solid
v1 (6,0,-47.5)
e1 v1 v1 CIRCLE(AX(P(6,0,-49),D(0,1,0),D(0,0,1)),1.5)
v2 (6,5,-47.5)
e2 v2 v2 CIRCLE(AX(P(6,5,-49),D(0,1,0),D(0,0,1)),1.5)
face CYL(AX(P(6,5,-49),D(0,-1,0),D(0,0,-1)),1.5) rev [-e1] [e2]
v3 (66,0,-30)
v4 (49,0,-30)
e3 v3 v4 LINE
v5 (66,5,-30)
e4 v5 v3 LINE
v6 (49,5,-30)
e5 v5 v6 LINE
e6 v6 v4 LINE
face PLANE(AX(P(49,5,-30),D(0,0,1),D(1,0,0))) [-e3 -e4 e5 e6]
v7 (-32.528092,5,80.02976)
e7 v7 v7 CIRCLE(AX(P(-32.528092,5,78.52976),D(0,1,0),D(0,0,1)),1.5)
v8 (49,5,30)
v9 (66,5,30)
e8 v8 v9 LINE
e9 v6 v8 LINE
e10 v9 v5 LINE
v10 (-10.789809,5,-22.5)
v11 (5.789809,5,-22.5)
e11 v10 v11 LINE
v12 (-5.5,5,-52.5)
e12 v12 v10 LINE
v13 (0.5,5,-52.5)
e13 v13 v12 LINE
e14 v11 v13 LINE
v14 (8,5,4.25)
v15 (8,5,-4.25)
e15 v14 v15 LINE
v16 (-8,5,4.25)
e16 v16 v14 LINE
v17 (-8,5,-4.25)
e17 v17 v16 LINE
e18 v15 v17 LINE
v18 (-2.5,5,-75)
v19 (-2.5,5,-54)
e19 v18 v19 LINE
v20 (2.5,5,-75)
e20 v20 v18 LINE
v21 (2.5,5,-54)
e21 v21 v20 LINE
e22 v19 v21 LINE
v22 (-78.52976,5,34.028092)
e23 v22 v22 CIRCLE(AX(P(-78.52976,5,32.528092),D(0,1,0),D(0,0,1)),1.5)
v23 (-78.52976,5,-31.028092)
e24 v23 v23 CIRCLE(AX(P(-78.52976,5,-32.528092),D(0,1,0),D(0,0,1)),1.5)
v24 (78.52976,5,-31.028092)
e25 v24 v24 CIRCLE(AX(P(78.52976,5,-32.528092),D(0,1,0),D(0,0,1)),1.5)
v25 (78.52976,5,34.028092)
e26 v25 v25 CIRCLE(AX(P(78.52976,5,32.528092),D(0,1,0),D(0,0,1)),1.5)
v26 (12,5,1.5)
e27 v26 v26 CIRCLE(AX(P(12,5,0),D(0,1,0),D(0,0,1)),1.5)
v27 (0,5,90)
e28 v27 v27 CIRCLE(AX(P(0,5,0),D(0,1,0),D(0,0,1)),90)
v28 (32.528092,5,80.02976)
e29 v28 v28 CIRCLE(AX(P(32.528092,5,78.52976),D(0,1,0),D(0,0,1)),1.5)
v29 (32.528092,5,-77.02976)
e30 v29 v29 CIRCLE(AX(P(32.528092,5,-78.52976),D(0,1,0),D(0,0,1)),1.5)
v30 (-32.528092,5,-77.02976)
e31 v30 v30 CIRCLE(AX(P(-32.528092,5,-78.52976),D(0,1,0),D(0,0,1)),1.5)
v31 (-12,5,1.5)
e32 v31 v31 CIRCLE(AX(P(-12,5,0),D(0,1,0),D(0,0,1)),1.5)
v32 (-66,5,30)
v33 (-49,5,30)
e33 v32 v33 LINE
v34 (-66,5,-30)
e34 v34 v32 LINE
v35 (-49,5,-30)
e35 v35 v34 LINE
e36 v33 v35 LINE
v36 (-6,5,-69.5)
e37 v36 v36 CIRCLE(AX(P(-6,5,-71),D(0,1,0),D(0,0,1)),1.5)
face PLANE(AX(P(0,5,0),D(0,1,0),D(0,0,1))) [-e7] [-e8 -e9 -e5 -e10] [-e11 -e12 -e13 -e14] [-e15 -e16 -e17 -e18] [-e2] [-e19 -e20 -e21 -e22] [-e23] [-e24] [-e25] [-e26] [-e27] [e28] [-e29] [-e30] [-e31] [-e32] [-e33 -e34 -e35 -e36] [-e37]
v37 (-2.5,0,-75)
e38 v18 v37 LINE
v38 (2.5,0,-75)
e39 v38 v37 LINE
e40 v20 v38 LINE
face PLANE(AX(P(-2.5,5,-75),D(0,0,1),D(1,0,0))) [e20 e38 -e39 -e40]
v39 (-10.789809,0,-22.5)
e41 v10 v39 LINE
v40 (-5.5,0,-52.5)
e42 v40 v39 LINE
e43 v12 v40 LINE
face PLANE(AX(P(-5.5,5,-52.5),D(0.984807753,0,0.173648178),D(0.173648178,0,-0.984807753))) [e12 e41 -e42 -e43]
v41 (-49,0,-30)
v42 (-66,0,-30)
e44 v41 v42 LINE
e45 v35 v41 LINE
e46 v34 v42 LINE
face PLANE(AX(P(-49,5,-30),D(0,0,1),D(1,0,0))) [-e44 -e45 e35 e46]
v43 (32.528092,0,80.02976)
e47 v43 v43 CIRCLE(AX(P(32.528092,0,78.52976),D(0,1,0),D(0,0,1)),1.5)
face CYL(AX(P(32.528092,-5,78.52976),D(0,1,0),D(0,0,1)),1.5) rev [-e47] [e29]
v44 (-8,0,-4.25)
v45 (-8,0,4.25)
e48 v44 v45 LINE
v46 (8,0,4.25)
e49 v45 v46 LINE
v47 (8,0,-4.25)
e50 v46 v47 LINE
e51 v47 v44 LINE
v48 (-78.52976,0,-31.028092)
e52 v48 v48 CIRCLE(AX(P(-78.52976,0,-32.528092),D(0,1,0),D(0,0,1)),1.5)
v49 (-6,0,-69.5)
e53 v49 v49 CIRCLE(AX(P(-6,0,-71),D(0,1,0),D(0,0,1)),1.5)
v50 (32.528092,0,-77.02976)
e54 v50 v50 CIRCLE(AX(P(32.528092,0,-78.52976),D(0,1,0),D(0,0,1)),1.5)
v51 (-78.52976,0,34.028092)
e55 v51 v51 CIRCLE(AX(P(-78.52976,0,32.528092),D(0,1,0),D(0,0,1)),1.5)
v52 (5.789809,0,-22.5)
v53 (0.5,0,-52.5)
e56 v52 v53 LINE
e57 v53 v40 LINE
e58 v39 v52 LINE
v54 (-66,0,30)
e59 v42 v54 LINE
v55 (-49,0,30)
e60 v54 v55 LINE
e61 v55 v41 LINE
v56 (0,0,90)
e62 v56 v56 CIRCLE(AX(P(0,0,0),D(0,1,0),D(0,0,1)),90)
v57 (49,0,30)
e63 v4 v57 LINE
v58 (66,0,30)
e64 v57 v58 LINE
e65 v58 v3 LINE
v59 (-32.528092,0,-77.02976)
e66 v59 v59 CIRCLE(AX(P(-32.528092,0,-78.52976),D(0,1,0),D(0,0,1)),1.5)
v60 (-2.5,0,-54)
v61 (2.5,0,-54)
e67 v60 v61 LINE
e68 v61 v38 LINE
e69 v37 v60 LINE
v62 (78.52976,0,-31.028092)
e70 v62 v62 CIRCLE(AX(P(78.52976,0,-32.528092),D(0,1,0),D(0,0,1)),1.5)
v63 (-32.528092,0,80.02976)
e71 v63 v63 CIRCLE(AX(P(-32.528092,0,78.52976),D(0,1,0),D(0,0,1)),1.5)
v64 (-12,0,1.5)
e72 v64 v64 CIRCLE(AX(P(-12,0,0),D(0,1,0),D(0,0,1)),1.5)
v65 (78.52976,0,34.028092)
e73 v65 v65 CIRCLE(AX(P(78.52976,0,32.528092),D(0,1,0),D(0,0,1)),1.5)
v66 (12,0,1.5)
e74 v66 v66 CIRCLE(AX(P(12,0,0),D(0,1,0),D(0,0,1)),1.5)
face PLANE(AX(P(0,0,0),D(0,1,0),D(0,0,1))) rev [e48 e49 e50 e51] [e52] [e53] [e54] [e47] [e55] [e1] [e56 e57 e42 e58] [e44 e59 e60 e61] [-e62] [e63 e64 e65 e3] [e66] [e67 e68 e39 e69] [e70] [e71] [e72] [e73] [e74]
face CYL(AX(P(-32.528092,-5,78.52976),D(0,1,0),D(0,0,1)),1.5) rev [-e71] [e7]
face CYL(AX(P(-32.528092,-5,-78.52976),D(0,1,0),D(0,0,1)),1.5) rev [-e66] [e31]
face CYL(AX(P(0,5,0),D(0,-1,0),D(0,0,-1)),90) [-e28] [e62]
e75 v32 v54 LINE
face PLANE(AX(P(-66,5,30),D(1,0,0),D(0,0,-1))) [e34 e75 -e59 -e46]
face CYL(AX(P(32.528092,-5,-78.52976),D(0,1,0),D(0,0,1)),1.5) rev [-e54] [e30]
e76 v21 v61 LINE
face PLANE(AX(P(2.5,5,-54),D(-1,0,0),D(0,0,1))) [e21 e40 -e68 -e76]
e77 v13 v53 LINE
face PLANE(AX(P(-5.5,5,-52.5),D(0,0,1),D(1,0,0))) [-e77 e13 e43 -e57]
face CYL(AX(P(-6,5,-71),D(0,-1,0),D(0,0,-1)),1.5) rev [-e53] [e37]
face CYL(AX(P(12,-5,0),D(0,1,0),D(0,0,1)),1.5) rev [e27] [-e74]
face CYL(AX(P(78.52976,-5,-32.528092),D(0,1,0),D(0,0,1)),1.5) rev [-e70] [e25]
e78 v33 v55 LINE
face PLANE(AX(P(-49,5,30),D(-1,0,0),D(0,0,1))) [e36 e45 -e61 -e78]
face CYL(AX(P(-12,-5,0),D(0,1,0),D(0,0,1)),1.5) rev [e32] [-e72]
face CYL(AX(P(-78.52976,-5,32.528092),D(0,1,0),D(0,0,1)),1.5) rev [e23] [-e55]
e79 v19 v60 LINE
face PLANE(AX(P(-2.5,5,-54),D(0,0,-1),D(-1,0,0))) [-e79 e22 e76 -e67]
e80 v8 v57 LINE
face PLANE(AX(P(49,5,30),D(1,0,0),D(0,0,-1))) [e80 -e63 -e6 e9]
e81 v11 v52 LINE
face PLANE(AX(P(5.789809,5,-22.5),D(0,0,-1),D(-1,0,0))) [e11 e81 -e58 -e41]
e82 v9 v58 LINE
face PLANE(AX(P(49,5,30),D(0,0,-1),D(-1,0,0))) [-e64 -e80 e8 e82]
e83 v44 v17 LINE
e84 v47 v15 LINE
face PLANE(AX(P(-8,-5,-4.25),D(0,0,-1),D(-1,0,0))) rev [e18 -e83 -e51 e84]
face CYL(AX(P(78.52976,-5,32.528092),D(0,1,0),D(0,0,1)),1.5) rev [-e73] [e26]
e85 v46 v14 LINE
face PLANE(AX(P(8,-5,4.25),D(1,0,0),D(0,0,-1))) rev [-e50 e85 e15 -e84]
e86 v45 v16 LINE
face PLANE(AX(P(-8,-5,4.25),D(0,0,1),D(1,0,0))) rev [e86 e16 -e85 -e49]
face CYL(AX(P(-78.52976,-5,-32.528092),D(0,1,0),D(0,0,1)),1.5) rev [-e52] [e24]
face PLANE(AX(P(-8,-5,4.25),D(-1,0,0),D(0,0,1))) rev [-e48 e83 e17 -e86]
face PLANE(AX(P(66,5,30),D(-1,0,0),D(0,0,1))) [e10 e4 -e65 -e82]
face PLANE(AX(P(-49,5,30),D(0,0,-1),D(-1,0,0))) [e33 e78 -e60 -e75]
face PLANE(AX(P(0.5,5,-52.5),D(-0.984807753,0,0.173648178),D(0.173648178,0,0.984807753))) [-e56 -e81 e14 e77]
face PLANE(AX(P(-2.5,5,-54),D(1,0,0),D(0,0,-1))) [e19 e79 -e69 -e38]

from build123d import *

# Parameters (mm, degrees)
SKETCH1_R           = 90
SKETCH1_R_2         = 1.5
SKETCH1_W           = 17
SKETCH1_H           = 60
SKETCH1_W_2         = 5
SKETCH1_H_2         = 21
BOSS_EXTRUDE1_DEPTH = 5
SKETCH3_R           = 1.5
OUTER_SCREWS_DEPTH  = 10
SKETCH2_R           = 1.5
SKETCH2_W           = 16
SKETCH2_H           = 8.5
SAFETY_LINK_DEPTH   = 10


with BuildPart() as part:
    # Sketch1 → Boss-Extrude1 (new body)
    with BuildSketch(Plane(origin=(0, 0, 0), x_dir=(1, 0, 0), z_dir=(0, 1, 0))):
        with Locations(Location((0, 0, 0), (0, 0, 270))):
            Circle(SKETCH1_R)
        with Locations(Location((-6, 71, 0), (0, 0, 270))):
            Circle(SKETCH1_R_2, mode=Mode.SUBTRACT)
        with Locations(Location((6, 49, 0), (0, 0, 270))):
            Circle(SKETCH1_R_2, mode=Mode.SUBTRACT)
        with Locations((-57.5, 0)):
            Rectangle(SKETCH1_W, SKETCH1_H, mode=Mode.SUBTRACT)
        with Locations((57.5, 0)):
            Rectangle(SKETCH1_W, SKETCH1_H, mode=Mode.SUBTRACT)
        with Locations((0, 64.5)):
            Rectangle(SKETCH1_W_2, SKETCH1_H_2, mode=Mode.SUBTRACT)
        Polygon((-5.5, 52.5), (0.5, 52.5), (5.789809421, 22.5), (-10.789809421, 22.5), align=None, mode=Mode.SUBTRACT)
    extrude(amount=BOSS_EXTRUDE1_DEPTH)

    # Sketch3 → Outer Screws (cut)
    with BuildSketch(Plane(origin=(0, 5, 0), x_dir=(1, 0, 0), z_dir=(0, 1, 0))):
        with Locations(Location((32.528091751, 78.529760263, 0), (0, 0, 270))):
            Circle(SKETCH3_R)
        with Locations(Location((78.529760263, 32.528091751, 0), (0, 0, 270))):
            Circle(SKETCH3_R)
        with Locations(Location((78.529760263, -32.528091751, 0), (0, 0, 270))):
            Circle(SKETCH3_R)
        with Locations(Location((32.528091751, -78.529760263, 0), (0, 0, 270))):
            Circle(SKETCH3_R)
        with Locations(Location((-32.528091751, -78.529760263, 0), (0, 0, 270))):
            Circle(SKETCH3_R)
        with Locations(Location((-78.529760263, -32.528091751, 0), (0, 0, 270))):
            Circle(SKETCH3_R)
        with Locations(Location((-78.529760263, 32.528091751, 0), (0, 0, 270))):
            Circle(SKETCH3_R)
        with Locations(Location((-32.528091751, 78.529760263, 0), (0, 0, 270))):
            Circle(SKETCH3_R)
    extrude(amount=-OUTER_SCREWS_DEPTH, mode=Mode.SUBTRACT)

    # Sketch2 → Safety Link (cut)
    with BuildSketch(Plane(origin=(0, 5, 0), x_dir=(1, 0, 0), z_dir=(0, 1, 0))):
        with Locations(Location((-12, 0, 0), (0, 0, 270))):
            Circle(SKETCH2_R)
        with Locations(Location((12, 0, 0), (0, 0, 270))):
            Circle(SKETCH2_R)
        Rectangle(SKETCH2_W, SKETCH2_H)
    extrude(amount=-SAFETY_LINK_DEPTH, mode=Mode.SUBTRACT)


solid = part.part
